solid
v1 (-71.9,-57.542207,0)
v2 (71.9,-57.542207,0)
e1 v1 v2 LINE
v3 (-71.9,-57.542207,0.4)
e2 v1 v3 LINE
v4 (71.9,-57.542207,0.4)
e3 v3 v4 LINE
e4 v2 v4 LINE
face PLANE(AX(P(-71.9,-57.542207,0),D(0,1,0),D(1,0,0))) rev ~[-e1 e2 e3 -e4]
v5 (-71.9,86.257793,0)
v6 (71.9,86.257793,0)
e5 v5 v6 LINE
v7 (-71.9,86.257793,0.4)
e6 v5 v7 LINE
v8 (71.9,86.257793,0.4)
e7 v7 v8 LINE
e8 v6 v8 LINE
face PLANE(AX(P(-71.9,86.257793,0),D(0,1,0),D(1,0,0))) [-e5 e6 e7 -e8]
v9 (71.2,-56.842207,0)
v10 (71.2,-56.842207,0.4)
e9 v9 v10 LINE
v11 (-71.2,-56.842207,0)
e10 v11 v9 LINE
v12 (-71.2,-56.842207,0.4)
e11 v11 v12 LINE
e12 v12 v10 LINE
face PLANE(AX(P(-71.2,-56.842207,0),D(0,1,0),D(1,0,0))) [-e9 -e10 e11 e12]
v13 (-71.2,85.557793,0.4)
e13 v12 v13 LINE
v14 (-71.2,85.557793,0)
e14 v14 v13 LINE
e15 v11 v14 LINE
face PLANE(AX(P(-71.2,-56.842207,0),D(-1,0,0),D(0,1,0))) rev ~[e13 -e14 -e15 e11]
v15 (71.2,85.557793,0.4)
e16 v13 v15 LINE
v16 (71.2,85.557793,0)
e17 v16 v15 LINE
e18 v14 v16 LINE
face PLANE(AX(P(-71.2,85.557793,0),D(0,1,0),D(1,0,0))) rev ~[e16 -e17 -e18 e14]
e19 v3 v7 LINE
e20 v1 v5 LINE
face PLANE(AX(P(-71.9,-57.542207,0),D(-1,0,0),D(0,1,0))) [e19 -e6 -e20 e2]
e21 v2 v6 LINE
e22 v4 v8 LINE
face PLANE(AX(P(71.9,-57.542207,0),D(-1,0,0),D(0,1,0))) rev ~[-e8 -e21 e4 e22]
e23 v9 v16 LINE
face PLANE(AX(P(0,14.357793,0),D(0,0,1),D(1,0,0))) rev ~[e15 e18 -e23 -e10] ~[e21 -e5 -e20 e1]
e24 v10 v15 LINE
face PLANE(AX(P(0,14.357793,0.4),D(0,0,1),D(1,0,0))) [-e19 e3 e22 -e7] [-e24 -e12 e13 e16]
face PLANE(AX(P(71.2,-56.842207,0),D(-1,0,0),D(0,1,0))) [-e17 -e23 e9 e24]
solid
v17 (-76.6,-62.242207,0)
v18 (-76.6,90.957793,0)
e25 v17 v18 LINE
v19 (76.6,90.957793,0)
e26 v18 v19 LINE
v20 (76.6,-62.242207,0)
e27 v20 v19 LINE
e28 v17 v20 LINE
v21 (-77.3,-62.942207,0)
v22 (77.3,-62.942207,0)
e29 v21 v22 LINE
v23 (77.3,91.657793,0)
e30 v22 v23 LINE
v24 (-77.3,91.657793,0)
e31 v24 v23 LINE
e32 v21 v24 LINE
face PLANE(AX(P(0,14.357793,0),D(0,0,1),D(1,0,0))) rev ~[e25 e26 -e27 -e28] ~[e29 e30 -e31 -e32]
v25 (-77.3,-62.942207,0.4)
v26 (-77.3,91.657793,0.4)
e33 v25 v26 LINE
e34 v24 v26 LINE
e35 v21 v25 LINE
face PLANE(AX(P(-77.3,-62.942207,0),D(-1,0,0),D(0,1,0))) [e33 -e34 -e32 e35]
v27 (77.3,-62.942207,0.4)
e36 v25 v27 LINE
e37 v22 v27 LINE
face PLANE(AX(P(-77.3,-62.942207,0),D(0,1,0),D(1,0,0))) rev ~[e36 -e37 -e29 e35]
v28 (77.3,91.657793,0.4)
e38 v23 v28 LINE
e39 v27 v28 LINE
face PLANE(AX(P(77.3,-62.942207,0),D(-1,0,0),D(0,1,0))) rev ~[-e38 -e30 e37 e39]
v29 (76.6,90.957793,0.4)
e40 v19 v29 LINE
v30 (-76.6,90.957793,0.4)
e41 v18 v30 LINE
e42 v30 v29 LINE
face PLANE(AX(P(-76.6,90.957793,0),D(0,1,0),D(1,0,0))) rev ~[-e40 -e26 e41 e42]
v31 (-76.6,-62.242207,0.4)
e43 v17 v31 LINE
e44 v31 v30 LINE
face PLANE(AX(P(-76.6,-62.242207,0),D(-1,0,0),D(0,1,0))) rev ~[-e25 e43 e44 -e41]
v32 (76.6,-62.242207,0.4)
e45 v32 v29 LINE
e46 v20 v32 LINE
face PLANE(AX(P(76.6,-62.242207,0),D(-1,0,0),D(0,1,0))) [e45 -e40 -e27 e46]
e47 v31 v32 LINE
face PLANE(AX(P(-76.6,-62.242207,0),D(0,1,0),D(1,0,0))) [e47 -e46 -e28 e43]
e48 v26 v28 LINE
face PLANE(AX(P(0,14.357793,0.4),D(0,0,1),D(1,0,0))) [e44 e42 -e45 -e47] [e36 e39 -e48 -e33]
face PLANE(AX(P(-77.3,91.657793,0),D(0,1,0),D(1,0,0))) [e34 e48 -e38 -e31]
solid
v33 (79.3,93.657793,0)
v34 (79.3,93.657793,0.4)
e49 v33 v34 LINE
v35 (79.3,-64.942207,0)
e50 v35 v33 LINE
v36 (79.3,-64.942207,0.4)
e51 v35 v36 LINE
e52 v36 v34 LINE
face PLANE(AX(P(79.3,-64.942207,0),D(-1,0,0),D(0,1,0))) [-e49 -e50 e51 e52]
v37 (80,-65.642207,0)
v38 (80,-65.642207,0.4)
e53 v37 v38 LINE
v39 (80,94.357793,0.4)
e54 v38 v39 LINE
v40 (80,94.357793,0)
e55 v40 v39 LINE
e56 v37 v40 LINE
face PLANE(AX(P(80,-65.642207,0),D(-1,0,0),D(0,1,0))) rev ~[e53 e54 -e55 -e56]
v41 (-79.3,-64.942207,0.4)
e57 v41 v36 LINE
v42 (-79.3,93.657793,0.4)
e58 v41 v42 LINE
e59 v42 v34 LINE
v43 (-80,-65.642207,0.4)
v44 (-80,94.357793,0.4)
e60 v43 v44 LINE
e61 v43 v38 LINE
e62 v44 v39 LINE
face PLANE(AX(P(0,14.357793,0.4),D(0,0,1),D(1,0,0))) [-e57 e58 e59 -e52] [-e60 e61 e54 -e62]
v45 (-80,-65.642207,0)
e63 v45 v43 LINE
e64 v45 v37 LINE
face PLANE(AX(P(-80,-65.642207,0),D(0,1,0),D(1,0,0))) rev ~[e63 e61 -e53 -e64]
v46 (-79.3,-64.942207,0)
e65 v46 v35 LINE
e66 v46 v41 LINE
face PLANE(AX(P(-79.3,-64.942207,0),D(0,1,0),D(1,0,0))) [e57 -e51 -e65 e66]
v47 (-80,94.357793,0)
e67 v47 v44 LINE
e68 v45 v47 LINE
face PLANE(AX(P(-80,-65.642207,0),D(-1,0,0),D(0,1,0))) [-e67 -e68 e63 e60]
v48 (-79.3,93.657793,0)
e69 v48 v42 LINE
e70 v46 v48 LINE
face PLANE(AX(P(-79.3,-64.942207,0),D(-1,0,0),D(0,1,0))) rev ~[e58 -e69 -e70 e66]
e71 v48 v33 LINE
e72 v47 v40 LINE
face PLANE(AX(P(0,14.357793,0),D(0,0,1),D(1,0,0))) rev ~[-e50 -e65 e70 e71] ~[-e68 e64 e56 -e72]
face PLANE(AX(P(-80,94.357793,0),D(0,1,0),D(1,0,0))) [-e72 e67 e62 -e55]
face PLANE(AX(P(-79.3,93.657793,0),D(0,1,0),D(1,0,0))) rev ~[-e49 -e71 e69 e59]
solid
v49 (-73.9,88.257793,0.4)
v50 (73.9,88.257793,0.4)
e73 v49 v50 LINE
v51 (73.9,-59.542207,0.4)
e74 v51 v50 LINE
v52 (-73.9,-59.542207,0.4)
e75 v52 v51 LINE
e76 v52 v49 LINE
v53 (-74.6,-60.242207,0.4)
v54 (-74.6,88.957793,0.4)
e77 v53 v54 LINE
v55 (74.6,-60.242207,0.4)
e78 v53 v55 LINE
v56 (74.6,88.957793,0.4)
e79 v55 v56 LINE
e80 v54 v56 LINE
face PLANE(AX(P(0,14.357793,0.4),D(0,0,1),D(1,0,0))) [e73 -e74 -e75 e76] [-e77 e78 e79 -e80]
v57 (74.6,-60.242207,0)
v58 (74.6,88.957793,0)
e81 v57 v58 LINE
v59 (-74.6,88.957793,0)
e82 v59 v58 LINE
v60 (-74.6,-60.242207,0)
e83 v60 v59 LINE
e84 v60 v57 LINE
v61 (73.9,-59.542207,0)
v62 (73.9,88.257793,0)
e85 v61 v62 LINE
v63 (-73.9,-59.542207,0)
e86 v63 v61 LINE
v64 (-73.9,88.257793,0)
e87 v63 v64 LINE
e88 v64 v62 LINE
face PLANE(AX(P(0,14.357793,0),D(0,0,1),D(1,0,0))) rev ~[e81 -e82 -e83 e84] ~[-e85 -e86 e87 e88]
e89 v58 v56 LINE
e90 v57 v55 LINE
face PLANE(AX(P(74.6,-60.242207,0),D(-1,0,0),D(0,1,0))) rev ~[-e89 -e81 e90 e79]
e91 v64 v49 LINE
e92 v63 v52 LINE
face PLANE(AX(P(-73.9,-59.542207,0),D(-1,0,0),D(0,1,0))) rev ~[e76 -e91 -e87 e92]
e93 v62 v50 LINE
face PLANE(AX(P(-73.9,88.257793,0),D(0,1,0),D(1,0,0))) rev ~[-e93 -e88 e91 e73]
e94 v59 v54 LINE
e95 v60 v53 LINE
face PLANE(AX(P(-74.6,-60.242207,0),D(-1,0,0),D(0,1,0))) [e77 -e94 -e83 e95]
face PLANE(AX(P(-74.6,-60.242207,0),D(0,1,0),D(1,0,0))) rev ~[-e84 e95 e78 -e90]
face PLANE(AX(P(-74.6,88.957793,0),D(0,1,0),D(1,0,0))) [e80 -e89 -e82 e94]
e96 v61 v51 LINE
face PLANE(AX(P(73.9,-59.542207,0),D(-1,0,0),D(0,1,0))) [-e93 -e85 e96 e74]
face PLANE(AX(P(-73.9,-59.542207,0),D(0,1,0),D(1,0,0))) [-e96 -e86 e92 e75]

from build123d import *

# Parameters (mm, degrees)
F0_W     = 160
F0_H     = 160
F0_W_2   = 158.6
F0_H_2   = 158.6
F0_W_3   = 154.6
F0_H_3   = 154.6
F0_W_4   = 153.2
F0_H_4   = 153.2
F0_W_5   = 149.2
F0_H_5   = 149.2
F0_W_6   = 147.8
F0_H_6   = 147.8
F0_W_7   = 143.8
F0_H_7   = 143.8
F0_W_8   = 142.4
F0_H_8   = 142.4
F1_DEPTH = 0.4


with BuildPart() as f1:
    # F0 (on Top) → F1 (new body)
    with BuildSketch(Plane.XY):
        with Locations((0, 14.357793)):
            Rectangle(F0_W, F0_H)
        with Locations((0, 14.357793)):
            Rectangle(F0_W_2, F0_H_2, mode=Mode.SUBTRACT)
        with Locations((0, 14.357793)):
            Rectangle(F0_W_3, F0_H_3)
        with Locations((0, 14.357793)):
            Rectangle(F0_W_4, F0_H_4, mode=Mode.SUBTRACT)
        with Locations((0, 14.357793)):
            Rectangle(F0_W_5, F0_H_5)
        with Locations((0, 14.357793)):
            Rectangle(F0_W_6, F0_H_6, mode=Mode.SUBTRACT)
        with Locations((0, 14.357793)):
            Rectangle(F0_W_7, F0_H_7)
        with Locations((0, 14.357793)):
            Rectangle(F0_W_8, F0_H_8, mode=Mode.SUBTRACT)
    extrude(amount=F1_DEPTH)


solid = f1.part
